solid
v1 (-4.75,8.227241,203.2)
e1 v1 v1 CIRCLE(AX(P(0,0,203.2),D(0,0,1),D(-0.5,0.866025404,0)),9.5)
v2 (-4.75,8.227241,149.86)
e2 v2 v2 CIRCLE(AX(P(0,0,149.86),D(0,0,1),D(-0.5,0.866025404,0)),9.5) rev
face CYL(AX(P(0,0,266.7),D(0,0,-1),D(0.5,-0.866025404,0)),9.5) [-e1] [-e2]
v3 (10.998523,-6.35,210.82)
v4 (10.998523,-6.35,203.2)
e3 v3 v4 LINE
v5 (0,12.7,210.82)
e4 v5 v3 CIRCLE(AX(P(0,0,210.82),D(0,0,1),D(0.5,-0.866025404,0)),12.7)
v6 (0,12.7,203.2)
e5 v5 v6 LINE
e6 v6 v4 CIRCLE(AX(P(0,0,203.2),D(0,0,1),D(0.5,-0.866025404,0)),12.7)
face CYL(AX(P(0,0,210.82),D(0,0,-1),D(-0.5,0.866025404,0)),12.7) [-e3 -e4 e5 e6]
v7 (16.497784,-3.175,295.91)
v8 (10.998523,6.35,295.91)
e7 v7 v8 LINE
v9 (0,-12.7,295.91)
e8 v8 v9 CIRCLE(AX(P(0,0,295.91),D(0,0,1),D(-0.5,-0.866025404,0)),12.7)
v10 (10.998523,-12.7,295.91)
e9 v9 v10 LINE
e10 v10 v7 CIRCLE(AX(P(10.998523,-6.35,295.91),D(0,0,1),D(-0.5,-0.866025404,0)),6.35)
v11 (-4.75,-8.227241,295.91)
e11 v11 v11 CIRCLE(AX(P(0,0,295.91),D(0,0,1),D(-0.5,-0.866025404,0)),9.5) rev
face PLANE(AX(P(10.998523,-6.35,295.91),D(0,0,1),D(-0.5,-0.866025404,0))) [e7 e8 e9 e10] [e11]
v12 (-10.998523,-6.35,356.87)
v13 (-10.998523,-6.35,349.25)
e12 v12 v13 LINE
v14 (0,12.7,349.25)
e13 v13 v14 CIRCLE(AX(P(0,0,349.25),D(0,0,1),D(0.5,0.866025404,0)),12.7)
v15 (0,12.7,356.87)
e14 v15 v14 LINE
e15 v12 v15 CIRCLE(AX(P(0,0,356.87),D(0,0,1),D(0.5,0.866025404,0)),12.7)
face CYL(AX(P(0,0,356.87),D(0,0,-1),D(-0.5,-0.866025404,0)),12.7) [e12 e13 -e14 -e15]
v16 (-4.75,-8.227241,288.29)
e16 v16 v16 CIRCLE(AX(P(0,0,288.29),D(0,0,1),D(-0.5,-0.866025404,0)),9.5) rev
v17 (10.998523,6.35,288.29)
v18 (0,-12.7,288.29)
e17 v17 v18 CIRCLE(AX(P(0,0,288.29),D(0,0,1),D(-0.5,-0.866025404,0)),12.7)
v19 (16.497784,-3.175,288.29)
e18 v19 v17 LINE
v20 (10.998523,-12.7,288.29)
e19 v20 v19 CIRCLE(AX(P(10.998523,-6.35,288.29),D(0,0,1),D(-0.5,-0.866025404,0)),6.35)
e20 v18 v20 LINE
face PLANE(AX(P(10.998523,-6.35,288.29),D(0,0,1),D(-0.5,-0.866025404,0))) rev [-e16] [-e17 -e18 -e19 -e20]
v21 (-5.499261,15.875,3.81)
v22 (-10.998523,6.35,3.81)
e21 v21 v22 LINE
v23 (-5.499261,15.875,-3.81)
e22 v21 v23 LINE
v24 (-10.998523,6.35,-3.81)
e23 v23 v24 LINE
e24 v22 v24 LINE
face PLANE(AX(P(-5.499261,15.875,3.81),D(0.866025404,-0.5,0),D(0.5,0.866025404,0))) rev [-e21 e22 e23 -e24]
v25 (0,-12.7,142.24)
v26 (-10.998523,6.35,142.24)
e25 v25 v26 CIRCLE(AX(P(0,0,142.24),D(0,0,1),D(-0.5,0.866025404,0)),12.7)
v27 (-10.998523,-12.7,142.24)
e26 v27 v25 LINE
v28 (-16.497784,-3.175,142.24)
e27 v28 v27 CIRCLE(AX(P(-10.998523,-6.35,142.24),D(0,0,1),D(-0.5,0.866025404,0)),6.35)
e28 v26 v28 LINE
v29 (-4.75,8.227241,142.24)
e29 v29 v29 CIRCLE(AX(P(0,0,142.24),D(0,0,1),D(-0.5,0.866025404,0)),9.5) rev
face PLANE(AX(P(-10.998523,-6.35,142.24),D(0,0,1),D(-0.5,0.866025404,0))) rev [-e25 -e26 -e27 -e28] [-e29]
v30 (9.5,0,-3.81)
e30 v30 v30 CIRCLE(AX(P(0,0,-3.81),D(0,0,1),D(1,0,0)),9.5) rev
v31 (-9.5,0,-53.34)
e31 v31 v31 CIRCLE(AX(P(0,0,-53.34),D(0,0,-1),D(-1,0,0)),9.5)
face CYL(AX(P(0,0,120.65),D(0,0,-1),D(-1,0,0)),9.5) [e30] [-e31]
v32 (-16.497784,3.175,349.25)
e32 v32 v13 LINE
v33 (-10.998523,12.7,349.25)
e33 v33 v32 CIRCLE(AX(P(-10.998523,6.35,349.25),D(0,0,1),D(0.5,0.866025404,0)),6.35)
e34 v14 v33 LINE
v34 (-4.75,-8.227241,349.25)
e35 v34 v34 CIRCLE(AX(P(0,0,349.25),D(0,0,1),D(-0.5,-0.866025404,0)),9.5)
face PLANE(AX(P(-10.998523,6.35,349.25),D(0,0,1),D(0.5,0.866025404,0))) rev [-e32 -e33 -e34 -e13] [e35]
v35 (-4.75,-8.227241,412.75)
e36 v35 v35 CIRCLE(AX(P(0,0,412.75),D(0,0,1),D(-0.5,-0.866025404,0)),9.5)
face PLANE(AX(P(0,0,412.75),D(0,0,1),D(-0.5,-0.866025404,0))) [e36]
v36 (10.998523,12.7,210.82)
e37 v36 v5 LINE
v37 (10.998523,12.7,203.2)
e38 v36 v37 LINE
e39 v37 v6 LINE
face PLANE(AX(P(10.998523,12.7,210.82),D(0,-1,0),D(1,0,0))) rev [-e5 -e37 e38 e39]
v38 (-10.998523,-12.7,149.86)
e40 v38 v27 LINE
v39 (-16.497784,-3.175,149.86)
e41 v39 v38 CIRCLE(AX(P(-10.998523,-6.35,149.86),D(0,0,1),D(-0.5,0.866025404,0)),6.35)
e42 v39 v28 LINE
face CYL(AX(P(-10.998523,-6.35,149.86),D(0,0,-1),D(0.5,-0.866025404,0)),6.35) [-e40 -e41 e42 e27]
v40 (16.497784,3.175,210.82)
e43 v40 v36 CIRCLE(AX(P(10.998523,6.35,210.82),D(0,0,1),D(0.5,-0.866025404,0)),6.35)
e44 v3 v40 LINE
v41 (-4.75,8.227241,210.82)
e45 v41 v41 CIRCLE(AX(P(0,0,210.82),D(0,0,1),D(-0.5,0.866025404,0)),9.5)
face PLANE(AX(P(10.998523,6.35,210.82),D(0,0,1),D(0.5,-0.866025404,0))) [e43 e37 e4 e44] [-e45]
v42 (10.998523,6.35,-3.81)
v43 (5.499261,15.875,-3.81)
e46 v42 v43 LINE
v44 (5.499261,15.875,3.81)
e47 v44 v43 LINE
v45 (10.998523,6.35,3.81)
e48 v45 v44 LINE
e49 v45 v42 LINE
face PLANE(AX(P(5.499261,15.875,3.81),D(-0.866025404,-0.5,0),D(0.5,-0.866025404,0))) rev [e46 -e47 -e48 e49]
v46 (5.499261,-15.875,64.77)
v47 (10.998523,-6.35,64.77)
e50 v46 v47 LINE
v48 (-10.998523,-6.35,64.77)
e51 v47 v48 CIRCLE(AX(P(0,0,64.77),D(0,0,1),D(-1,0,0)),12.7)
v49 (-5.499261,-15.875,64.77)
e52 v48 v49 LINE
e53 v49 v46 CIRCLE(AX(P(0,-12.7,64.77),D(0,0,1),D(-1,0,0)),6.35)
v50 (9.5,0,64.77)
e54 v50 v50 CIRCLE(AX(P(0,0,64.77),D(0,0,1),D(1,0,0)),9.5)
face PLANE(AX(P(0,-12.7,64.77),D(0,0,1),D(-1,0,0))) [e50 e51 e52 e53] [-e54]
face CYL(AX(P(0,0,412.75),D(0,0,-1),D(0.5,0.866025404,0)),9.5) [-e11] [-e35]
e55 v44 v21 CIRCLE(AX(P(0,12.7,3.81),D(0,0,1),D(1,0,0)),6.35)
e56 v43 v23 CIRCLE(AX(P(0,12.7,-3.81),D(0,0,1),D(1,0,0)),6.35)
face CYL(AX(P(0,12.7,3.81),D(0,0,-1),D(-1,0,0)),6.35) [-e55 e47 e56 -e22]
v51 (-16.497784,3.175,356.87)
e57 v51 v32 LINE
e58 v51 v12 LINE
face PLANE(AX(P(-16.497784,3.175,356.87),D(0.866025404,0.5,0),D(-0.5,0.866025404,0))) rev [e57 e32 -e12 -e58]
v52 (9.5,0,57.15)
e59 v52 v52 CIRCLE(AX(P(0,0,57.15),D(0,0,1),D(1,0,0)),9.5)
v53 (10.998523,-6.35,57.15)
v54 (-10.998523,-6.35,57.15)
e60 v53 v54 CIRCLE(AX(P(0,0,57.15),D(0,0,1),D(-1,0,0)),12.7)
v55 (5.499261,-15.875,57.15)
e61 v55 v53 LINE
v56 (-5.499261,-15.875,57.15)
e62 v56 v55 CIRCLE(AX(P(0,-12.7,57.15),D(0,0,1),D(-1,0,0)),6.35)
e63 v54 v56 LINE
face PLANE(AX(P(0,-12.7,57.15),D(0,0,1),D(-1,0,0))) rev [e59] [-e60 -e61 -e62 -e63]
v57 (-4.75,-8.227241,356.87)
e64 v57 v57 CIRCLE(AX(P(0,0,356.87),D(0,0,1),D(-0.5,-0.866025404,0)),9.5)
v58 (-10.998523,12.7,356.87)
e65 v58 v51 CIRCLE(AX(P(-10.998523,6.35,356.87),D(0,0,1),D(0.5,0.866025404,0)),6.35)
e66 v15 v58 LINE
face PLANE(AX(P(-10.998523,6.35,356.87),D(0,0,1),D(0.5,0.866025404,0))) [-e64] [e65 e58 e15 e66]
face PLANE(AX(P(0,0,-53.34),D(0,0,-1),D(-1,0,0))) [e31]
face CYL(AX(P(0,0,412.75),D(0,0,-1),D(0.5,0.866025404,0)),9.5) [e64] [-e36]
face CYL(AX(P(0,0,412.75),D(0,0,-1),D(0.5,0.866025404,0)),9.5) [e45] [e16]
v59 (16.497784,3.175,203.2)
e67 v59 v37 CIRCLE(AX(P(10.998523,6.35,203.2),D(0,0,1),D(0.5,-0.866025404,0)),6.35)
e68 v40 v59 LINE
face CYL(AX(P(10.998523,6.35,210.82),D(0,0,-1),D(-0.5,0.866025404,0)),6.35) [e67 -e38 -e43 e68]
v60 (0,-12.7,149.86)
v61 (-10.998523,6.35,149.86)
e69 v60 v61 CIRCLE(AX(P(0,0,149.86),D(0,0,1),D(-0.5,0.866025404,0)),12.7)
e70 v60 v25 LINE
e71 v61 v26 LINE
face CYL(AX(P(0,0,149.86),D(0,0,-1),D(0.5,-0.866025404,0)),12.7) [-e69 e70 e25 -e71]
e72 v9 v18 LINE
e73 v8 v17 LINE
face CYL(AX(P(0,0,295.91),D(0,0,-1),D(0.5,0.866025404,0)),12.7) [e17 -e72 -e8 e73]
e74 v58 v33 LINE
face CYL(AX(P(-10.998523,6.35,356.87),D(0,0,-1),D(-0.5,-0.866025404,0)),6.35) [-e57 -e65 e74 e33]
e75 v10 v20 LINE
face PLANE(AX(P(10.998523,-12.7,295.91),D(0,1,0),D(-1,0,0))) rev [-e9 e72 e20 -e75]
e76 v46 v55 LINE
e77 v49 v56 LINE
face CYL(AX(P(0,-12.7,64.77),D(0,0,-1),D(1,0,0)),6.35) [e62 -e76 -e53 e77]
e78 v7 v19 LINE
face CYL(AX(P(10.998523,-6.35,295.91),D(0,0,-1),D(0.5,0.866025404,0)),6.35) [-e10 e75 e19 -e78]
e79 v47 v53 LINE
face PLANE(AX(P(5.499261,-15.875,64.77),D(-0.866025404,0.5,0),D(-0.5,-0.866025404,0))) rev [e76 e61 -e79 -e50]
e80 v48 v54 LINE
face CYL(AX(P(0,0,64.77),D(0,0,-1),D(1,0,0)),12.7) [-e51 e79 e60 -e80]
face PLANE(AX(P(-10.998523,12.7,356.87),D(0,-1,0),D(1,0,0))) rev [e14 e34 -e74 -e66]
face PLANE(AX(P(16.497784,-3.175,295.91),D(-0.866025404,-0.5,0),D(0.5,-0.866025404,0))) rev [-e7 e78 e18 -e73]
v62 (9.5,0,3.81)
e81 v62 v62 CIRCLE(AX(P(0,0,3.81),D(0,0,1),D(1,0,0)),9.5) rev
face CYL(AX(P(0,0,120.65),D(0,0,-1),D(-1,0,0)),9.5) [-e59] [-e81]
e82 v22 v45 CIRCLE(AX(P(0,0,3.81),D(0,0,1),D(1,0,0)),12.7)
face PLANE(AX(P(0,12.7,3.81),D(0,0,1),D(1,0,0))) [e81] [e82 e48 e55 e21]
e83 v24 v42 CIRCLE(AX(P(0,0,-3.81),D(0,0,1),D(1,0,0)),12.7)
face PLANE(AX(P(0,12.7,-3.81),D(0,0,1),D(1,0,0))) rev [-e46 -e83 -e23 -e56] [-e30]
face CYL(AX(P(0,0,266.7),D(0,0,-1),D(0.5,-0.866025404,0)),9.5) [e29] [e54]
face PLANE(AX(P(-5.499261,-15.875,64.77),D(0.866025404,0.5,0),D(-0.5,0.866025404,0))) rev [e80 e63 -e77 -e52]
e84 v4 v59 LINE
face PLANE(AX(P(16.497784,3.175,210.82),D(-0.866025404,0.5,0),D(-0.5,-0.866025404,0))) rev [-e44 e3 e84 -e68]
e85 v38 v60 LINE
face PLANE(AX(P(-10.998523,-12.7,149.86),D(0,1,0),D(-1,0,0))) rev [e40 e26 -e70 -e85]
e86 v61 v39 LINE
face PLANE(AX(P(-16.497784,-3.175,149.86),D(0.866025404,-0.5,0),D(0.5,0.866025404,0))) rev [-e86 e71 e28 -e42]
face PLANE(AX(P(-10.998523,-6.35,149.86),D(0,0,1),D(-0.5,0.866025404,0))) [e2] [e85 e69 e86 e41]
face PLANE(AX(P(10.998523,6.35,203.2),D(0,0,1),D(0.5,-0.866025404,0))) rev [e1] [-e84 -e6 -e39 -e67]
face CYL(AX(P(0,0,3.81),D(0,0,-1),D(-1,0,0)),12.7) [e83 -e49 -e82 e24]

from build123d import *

# Parameters (mm, degrees)
BOSS_EXTRU_1_DEPTH           = 3.81
CORPS_D_PLACER_COPIER2_ANGLE = 180
BOSS_EXTRU_2_START           = -25.4
ESQUISSE4_R                  = 9.5
BOSS_EXTRU_2_DEPTH           = 146.05
R_P_TITION_LIN_AIRE2_COUNT   = 3
R_P_TITION_LIN_AIRE2_PITCH   = 146.05
CORPS_D_PLACER_COPIER3_ANGLE = 120
CORPS_D_PLACER_COPIER4_ANGLE = 120
BOSS_EXTRU_3_START           = 27.94
ESQUISSE5_R                  = 9.5
BOSS_EXTRU_3_DEPTH           = 27.94


with BuildPart() as part:
    # Esquisse1 → Boss.-Extru.1 (new, symmetric)
    with BuildSketch(Plane.XY):
        with BuildLine():
            Line((-5.499261314, 15.875), (-10.998522628, 6.35))
            ThreePointArc((-10.998522628, 6.35), (0, -12.7), (10.998522628, 6.35))
            Line((10.998522628, 6.35), (5.499261314, 15.875))
            ThreePointArc((5.499261314, 15.875), (0, 19.05), (-5.499261314, 15.875))
        make_face()
    extrude(amount=BOSS_EXTRU_1_DEPTH, both=True)


with BuildPart() as body_2:
    # Corps-Déplacer/Copier1: copy of part
    add(part.part.moved(Location((0, 0, 60.96))))


with BuildPart() as body_2_1:
    # Corps-Déplacer/Copier2: moved
    add(body_2.part.rotate(Axis((0, 0, 0), (0, 0, 1)), CORPS_D_PLACER_COPIER2_ANGLE))


with BuildPart() as part_1:
    add(part.part)

    add(body_2_1.part)  # Boss.-Extru.2 merges body 2
    # Esquisse4 → Boss.-Extru.2 (add)
    with BuildSketch(Plane.XY.offset(BOSS_EXTRU_2_START)):
        Circle(ESQUISSE4_R)
    extrude(amount=BOSS_EXTRU_2_DEPTH)


with BuildPart() as r_p_tition_lin_aire2_1:
    # Répétition linéaire2: pattern copy
    add(part_1.part.moved(Location(Vector(0, 0, 1) * (1 * R_P_TITION_LIN_AIRE2_PITCH))))


with BuildPart() as r_p_tition_lin_aire2_2:
    # Répétition linéaire2: pattern copy
    add(part_1.part.moved(Location(Vector(0, 0, 1) * (2 * R_P_TITION_LIN_AIRE2_PITCH))))


with BuildPart() as r_p_tition_lin_aire2_1_1:
    # Corps-Déplacer/Copier3: moved
    add(r_p_tition_lin_aire2_1.part.rotate(Axis((0, 0, 0), (0, 0, 1)), CORPS_D_PLACER_COPIER3_ANGLE))


with BuildPart() as r_p_tition_lin_aire2_2_1:
    # Corps-Déplacer/Copier4: moved
    add(r_p_tition_lin_aire2_2.part.rotate(Axis((0, 0, 0), (0, 0, -1)), CORPS_D_PLACER_COPIER4_ANGLE))


with BuildPart() as part_2:
    add(part_1.part)

    # Esquisse5 → Boss.-Extru.3 (add)
    with BuildSketch(Plane(origin=(0, 0, -25.4), x_dir=(-1, 0, 0), z_dir=(0, 0, -1)).offset(BOSS_EXTRU_3_START)):
        Circle(ESQUISSE5_R)
    extrude(amount=-BOSS_EXTRU_3_DEPTH)


with BuildPart() as r_p_tition_lin_aire2_2_2:
    add(r_p_tition_lin_aire2_2_1.part)

    # Combiner1: union Répétition linéaire2_1, part
    add(r_p_tition_lin_aire2_1_1.part)
    add(part_2.part)


solid = r_p_tition_lin_aire2_2_2.part
